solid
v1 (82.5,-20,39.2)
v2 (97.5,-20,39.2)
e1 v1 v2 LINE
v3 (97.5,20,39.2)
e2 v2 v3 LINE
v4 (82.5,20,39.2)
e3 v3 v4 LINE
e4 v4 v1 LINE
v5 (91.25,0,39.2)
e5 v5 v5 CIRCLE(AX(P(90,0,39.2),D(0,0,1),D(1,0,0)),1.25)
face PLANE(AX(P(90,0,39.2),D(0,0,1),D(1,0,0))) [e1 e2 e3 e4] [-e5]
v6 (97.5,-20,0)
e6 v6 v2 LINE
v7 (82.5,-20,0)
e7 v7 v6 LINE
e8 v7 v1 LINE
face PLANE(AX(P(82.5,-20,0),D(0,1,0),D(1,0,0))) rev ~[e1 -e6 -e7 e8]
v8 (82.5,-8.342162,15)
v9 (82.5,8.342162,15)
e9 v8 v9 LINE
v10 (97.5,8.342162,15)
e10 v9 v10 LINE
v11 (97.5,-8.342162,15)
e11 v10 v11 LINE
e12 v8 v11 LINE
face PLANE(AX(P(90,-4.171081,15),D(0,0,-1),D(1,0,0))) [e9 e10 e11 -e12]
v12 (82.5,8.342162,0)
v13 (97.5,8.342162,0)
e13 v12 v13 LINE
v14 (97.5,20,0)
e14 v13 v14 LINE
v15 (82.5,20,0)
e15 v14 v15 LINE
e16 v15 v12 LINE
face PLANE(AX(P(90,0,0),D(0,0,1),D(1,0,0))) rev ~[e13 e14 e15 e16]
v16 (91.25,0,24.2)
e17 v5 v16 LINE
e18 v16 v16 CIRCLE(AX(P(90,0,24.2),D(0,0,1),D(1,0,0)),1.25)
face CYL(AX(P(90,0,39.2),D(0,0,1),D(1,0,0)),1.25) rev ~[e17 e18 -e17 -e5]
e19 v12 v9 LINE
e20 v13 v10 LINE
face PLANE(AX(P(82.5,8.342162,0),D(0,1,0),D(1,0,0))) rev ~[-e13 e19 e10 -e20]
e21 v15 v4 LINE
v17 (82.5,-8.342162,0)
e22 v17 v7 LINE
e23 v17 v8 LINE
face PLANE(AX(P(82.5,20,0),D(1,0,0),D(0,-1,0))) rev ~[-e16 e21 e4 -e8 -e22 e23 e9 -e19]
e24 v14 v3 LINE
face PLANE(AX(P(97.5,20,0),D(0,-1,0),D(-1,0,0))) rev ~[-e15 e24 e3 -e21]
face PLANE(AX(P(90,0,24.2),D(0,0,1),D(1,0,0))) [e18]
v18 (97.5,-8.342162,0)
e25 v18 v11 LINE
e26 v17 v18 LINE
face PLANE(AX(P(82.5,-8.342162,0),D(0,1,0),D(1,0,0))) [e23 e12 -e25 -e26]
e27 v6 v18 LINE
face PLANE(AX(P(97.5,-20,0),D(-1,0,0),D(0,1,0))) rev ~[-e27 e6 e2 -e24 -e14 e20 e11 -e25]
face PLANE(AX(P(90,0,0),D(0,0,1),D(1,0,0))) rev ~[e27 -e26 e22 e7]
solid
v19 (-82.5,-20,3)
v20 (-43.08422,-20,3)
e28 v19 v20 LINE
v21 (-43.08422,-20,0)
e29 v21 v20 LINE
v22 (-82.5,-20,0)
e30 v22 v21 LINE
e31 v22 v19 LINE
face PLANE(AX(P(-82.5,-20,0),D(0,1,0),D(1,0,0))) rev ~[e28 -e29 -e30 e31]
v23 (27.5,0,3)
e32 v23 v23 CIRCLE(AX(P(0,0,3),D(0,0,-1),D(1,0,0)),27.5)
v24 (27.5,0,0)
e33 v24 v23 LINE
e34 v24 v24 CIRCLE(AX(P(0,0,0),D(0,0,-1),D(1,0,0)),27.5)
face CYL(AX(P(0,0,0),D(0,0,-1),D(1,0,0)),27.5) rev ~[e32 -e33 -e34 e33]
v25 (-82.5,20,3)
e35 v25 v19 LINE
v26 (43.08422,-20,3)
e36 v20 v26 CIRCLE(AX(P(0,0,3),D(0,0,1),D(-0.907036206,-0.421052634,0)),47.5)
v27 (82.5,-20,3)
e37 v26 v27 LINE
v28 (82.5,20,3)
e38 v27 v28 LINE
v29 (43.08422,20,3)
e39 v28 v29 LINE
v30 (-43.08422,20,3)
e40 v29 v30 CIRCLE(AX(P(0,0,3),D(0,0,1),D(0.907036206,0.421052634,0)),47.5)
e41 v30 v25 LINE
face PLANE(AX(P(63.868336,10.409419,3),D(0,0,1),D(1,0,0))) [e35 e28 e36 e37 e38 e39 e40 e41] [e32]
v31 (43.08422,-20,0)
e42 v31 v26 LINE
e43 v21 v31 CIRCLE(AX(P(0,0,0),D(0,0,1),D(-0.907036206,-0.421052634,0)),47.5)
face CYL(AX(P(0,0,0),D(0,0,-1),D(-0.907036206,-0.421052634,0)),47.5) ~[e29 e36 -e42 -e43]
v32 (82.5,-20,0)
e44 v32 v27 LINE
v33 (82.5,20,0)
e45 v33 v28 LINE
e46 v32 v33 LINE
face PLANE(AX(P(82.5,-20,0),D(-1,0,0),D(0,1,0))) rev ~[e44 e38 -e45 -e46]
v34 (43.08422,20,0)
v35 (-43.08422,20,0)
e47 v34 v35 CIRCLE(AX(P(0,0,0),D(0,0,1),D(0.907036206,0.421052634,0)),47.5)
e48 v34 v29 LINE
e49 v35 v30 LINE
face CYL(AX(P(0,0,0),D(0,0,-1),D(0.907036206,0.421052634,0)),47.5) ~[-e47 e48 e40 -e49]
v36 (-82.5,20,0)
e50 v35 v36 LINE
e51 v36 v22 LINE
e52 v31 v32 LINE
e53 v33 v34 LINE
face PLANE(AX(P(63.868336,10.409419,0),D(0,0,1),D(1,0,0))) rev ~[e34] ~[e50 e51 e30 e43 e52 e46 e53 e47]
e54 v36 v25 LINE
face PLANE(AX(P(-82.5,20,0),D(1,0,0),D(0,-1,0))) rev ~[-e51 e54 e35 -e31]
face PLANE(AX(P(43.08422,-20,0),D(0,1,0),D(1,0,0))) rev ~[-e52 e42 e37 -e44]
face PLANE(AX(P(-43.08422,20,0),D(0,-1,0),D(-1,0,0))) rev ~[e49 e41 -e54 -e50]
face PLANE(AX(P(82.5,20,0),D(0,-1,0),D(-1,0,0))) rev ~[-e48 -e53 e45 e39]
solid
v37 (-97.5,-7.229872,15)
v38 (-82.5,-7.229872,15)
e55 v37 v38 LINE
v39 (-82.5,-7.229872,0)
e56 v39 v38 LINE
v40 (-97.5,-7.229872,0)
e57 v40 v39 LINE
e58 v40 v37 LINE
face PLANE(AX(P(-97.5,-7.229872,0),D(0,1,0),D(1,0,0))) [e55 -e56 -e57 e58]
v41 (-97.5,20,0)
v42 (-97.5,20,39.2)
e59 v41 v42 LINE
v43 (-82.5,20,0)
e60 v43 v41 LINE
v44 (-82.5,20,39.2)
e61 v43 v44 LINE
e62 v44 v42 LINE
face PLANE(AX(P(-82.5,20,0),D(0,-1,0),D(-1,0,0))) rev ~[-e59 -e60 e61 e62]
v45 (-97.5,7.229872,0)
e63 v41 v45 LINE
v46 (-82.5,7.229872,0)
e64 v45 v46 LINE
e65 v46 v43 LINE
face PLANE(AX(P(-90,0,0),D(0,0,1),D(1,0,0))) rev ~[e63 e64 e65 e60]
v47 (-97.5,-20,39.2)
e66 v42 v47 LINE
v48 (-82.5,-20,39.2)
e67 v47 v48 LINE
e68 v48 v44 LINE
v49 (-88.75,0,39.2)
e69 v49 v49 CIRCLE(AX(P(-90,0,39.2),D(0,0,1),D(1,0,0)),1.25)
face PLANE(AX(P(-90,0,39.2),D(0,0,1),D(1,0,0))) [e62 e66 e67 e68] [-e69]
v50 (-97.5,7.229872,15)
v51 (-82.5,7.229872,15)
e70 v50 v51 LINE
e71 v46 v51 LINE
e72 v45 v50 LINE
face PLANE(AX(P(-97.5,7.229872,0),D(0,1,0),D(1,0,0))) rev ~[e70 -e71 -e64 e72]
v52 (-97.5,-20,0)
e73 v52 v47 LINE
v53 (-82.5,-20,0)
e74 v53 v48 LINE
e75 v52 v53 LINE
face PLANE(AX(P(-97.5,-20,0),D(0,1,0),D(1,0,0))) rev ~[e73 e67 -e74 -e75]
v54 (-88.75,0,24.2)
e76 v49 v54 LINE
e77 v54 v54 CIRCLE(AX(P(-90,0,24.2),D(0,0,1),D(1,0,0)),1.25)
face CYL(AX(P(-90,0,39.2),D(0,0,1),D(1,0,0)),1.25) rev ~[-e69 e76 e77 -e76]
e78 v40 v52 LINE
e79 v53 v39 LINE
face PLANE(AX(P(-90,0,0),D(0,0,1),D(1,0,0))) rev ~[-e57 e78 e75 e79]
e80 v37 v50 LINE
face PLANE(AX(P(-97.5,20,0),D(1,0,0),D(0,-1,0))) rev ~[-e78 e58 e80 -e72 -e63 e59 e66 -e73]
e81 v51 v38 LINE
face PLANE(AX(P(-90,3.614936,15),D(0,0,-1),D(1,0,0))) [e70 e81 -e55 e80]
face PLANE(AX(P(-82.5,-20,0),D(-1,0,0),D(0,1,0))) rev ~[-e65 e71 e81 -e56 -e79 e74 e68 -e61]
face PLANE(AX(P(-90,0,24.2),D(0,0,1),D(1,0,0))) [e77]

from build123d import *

# Parameters (mm, degrees)
F1_DEPTH  = 39.2
F2_DEPTH  = 3
F3_W      = 15
F3_H      = 7.229873
F4_DEPTH  = 15
F5_W      = 15
F5_H      = 8.342162
F6_DEPTH  = 15
F7_R      = 1.25
F8_DEPTH  = 15
F9_R      = 1.25
F10_DEPTH = 15


with BuildPart() as f1:
    # F0 (on Top) → F1 (new body)
    with BuildSketch(Plane.XY):
        Polygon((-82.5, -20), (-82.5, 0), (-82.5, 20), (-97.5, 20), (-97.5, -20), align=None)
        Polygon((82.5, 20), (82.5, 0), (82.5, -20), (97.5, -20), (97.5, 20), align=None)
    extrude(amount=F1_DEPTH)

    # F3 (on face) → F4 (cut)
    with BuildSketch(Plane(origin=(0, 0, 0), x_dir=(1, 0, 0), z_dir=(0, 0, -1))):
        with Locations((-90, -3.614936)):
            Rectangle(F3_W, F3_H)
        with Locations((-90, 3.614936)):
            Rectangle(F3_W, F3_H)
    extrude(amount=-F4_DEPTH, mode=Mode.SUBTRACT)

    # F5 (on face) → F6 (cut)
    with BuildSketch(Plane(origin=(0, 0, 0), x_dir=(1, 0, 0), z_dir=(0, 0, -1))):
        with Locations((90, 4.171081)):
            Rectangle(F5_W, F5_H)
        with Locations((90, -4.171081)):
            Rectangle(F5_W, F5_H)
    extrude(amount=-F6_DEPTH, mode=Mode.SUBTRACT)

    # F7 (on face) → F8 (cut)
    with BuildSketch(Plane.XY.offset(39.2)):
        with Locations((-90, 0)):
            Circle(F7_R)
    extrude(amount=-F8_DEPTH, mode=Mode.SUBTRACT)

    # F9 (on face) → F10 (cut)
    with BuildSketch(Plane.XY.offset(39.2)):
        with Locations((90, 0)):
            Circle(F9_R)
    extrude(amount=-F10_DEPTH, mode=Mode.SUBTRACT)


with BuildPart() as f2:
    # F0 (on Top) → F2 (new body)
    with BuildSketch(Plane.XY):
        with BuildLine():
            ThreePointArc((43.08422, 20), (46.38292, 10.240839), (47.5, 0))
            Line((47.5, 0), (82.5, 0))
            Line((82.5, 0), (82.5, 20))
            Line((82.5, 20), (43.08422, 20))
        make_face()
        with BuildLine():
            Line((82.5, 0), (47.5, 0))
            ThreePointArc((47.5, 0), (46.38292, -10.240839), (43.08422, -20))
            Line((43.08422, -20), (82.5, -20))
            Line((82.5, -20), (82.5, 0))
        make_face()
        with BuildLine():
            ThreePointArc((-27.5, 0), (0, 27.5), (27.5, 0))
            Line((27.5, 0), (47.5, 0))
            ThreePointArc((47.5, 0), (46.38292, 10.240839), (43.08422, 20))
            ThreePointArc((43.08422, 20), (0, 47.5), (-43.08422, 20))
            ThreePointArc((-43.08422, 20), (-46.38292, 10.240839), (-47.5, 0))
            Line((-47.5, 0), (-27.5, 0))
        make_face()
        with BuildLine():
            Line((47.5, 0), (27.5, 0))
            ThreePointArc((27.5, 0), (0, -27.5), (-27.5, 0))
            Line((-27.5, 0), (-47.5, 0))
            ThreePointArc((-47.5, 0), (-46.38292, -10.240839), (-43.08422, -20))
            ThreePointArc((-43.08422, -20), (0, -47.5), (43.08422, -20))
            ThreePointArc((43.08422, -20), (46.38292, -10.240839), (47.5, 0))
        make_face()
        with BuildLine():
            Line((-82.5, 0), (-47.5, 0))
            ThreePointArc((-47.5, 0), (-46.38292, 10.240839), (-43.08422, 20))
            Line((-43.08422, 20), (-82.5, 20))
            Line((-82.5, 20), (-82.5, 0))
        make_face()
        with BuildLine():
            ThreePointArc((-43.08422, -20), (-46.38292, -10.240839), (-47.5, 0))
            Line((-47.5, 0), (-82.5, 0))
            Line((-82.5, 0), (-82.5, -20))
            Line((-82.5, -20), (-43.08422, -20))
        make_face()
    extrude(amount=F2_DEPTH)


solid = Compound([f1.part, f2.part])
